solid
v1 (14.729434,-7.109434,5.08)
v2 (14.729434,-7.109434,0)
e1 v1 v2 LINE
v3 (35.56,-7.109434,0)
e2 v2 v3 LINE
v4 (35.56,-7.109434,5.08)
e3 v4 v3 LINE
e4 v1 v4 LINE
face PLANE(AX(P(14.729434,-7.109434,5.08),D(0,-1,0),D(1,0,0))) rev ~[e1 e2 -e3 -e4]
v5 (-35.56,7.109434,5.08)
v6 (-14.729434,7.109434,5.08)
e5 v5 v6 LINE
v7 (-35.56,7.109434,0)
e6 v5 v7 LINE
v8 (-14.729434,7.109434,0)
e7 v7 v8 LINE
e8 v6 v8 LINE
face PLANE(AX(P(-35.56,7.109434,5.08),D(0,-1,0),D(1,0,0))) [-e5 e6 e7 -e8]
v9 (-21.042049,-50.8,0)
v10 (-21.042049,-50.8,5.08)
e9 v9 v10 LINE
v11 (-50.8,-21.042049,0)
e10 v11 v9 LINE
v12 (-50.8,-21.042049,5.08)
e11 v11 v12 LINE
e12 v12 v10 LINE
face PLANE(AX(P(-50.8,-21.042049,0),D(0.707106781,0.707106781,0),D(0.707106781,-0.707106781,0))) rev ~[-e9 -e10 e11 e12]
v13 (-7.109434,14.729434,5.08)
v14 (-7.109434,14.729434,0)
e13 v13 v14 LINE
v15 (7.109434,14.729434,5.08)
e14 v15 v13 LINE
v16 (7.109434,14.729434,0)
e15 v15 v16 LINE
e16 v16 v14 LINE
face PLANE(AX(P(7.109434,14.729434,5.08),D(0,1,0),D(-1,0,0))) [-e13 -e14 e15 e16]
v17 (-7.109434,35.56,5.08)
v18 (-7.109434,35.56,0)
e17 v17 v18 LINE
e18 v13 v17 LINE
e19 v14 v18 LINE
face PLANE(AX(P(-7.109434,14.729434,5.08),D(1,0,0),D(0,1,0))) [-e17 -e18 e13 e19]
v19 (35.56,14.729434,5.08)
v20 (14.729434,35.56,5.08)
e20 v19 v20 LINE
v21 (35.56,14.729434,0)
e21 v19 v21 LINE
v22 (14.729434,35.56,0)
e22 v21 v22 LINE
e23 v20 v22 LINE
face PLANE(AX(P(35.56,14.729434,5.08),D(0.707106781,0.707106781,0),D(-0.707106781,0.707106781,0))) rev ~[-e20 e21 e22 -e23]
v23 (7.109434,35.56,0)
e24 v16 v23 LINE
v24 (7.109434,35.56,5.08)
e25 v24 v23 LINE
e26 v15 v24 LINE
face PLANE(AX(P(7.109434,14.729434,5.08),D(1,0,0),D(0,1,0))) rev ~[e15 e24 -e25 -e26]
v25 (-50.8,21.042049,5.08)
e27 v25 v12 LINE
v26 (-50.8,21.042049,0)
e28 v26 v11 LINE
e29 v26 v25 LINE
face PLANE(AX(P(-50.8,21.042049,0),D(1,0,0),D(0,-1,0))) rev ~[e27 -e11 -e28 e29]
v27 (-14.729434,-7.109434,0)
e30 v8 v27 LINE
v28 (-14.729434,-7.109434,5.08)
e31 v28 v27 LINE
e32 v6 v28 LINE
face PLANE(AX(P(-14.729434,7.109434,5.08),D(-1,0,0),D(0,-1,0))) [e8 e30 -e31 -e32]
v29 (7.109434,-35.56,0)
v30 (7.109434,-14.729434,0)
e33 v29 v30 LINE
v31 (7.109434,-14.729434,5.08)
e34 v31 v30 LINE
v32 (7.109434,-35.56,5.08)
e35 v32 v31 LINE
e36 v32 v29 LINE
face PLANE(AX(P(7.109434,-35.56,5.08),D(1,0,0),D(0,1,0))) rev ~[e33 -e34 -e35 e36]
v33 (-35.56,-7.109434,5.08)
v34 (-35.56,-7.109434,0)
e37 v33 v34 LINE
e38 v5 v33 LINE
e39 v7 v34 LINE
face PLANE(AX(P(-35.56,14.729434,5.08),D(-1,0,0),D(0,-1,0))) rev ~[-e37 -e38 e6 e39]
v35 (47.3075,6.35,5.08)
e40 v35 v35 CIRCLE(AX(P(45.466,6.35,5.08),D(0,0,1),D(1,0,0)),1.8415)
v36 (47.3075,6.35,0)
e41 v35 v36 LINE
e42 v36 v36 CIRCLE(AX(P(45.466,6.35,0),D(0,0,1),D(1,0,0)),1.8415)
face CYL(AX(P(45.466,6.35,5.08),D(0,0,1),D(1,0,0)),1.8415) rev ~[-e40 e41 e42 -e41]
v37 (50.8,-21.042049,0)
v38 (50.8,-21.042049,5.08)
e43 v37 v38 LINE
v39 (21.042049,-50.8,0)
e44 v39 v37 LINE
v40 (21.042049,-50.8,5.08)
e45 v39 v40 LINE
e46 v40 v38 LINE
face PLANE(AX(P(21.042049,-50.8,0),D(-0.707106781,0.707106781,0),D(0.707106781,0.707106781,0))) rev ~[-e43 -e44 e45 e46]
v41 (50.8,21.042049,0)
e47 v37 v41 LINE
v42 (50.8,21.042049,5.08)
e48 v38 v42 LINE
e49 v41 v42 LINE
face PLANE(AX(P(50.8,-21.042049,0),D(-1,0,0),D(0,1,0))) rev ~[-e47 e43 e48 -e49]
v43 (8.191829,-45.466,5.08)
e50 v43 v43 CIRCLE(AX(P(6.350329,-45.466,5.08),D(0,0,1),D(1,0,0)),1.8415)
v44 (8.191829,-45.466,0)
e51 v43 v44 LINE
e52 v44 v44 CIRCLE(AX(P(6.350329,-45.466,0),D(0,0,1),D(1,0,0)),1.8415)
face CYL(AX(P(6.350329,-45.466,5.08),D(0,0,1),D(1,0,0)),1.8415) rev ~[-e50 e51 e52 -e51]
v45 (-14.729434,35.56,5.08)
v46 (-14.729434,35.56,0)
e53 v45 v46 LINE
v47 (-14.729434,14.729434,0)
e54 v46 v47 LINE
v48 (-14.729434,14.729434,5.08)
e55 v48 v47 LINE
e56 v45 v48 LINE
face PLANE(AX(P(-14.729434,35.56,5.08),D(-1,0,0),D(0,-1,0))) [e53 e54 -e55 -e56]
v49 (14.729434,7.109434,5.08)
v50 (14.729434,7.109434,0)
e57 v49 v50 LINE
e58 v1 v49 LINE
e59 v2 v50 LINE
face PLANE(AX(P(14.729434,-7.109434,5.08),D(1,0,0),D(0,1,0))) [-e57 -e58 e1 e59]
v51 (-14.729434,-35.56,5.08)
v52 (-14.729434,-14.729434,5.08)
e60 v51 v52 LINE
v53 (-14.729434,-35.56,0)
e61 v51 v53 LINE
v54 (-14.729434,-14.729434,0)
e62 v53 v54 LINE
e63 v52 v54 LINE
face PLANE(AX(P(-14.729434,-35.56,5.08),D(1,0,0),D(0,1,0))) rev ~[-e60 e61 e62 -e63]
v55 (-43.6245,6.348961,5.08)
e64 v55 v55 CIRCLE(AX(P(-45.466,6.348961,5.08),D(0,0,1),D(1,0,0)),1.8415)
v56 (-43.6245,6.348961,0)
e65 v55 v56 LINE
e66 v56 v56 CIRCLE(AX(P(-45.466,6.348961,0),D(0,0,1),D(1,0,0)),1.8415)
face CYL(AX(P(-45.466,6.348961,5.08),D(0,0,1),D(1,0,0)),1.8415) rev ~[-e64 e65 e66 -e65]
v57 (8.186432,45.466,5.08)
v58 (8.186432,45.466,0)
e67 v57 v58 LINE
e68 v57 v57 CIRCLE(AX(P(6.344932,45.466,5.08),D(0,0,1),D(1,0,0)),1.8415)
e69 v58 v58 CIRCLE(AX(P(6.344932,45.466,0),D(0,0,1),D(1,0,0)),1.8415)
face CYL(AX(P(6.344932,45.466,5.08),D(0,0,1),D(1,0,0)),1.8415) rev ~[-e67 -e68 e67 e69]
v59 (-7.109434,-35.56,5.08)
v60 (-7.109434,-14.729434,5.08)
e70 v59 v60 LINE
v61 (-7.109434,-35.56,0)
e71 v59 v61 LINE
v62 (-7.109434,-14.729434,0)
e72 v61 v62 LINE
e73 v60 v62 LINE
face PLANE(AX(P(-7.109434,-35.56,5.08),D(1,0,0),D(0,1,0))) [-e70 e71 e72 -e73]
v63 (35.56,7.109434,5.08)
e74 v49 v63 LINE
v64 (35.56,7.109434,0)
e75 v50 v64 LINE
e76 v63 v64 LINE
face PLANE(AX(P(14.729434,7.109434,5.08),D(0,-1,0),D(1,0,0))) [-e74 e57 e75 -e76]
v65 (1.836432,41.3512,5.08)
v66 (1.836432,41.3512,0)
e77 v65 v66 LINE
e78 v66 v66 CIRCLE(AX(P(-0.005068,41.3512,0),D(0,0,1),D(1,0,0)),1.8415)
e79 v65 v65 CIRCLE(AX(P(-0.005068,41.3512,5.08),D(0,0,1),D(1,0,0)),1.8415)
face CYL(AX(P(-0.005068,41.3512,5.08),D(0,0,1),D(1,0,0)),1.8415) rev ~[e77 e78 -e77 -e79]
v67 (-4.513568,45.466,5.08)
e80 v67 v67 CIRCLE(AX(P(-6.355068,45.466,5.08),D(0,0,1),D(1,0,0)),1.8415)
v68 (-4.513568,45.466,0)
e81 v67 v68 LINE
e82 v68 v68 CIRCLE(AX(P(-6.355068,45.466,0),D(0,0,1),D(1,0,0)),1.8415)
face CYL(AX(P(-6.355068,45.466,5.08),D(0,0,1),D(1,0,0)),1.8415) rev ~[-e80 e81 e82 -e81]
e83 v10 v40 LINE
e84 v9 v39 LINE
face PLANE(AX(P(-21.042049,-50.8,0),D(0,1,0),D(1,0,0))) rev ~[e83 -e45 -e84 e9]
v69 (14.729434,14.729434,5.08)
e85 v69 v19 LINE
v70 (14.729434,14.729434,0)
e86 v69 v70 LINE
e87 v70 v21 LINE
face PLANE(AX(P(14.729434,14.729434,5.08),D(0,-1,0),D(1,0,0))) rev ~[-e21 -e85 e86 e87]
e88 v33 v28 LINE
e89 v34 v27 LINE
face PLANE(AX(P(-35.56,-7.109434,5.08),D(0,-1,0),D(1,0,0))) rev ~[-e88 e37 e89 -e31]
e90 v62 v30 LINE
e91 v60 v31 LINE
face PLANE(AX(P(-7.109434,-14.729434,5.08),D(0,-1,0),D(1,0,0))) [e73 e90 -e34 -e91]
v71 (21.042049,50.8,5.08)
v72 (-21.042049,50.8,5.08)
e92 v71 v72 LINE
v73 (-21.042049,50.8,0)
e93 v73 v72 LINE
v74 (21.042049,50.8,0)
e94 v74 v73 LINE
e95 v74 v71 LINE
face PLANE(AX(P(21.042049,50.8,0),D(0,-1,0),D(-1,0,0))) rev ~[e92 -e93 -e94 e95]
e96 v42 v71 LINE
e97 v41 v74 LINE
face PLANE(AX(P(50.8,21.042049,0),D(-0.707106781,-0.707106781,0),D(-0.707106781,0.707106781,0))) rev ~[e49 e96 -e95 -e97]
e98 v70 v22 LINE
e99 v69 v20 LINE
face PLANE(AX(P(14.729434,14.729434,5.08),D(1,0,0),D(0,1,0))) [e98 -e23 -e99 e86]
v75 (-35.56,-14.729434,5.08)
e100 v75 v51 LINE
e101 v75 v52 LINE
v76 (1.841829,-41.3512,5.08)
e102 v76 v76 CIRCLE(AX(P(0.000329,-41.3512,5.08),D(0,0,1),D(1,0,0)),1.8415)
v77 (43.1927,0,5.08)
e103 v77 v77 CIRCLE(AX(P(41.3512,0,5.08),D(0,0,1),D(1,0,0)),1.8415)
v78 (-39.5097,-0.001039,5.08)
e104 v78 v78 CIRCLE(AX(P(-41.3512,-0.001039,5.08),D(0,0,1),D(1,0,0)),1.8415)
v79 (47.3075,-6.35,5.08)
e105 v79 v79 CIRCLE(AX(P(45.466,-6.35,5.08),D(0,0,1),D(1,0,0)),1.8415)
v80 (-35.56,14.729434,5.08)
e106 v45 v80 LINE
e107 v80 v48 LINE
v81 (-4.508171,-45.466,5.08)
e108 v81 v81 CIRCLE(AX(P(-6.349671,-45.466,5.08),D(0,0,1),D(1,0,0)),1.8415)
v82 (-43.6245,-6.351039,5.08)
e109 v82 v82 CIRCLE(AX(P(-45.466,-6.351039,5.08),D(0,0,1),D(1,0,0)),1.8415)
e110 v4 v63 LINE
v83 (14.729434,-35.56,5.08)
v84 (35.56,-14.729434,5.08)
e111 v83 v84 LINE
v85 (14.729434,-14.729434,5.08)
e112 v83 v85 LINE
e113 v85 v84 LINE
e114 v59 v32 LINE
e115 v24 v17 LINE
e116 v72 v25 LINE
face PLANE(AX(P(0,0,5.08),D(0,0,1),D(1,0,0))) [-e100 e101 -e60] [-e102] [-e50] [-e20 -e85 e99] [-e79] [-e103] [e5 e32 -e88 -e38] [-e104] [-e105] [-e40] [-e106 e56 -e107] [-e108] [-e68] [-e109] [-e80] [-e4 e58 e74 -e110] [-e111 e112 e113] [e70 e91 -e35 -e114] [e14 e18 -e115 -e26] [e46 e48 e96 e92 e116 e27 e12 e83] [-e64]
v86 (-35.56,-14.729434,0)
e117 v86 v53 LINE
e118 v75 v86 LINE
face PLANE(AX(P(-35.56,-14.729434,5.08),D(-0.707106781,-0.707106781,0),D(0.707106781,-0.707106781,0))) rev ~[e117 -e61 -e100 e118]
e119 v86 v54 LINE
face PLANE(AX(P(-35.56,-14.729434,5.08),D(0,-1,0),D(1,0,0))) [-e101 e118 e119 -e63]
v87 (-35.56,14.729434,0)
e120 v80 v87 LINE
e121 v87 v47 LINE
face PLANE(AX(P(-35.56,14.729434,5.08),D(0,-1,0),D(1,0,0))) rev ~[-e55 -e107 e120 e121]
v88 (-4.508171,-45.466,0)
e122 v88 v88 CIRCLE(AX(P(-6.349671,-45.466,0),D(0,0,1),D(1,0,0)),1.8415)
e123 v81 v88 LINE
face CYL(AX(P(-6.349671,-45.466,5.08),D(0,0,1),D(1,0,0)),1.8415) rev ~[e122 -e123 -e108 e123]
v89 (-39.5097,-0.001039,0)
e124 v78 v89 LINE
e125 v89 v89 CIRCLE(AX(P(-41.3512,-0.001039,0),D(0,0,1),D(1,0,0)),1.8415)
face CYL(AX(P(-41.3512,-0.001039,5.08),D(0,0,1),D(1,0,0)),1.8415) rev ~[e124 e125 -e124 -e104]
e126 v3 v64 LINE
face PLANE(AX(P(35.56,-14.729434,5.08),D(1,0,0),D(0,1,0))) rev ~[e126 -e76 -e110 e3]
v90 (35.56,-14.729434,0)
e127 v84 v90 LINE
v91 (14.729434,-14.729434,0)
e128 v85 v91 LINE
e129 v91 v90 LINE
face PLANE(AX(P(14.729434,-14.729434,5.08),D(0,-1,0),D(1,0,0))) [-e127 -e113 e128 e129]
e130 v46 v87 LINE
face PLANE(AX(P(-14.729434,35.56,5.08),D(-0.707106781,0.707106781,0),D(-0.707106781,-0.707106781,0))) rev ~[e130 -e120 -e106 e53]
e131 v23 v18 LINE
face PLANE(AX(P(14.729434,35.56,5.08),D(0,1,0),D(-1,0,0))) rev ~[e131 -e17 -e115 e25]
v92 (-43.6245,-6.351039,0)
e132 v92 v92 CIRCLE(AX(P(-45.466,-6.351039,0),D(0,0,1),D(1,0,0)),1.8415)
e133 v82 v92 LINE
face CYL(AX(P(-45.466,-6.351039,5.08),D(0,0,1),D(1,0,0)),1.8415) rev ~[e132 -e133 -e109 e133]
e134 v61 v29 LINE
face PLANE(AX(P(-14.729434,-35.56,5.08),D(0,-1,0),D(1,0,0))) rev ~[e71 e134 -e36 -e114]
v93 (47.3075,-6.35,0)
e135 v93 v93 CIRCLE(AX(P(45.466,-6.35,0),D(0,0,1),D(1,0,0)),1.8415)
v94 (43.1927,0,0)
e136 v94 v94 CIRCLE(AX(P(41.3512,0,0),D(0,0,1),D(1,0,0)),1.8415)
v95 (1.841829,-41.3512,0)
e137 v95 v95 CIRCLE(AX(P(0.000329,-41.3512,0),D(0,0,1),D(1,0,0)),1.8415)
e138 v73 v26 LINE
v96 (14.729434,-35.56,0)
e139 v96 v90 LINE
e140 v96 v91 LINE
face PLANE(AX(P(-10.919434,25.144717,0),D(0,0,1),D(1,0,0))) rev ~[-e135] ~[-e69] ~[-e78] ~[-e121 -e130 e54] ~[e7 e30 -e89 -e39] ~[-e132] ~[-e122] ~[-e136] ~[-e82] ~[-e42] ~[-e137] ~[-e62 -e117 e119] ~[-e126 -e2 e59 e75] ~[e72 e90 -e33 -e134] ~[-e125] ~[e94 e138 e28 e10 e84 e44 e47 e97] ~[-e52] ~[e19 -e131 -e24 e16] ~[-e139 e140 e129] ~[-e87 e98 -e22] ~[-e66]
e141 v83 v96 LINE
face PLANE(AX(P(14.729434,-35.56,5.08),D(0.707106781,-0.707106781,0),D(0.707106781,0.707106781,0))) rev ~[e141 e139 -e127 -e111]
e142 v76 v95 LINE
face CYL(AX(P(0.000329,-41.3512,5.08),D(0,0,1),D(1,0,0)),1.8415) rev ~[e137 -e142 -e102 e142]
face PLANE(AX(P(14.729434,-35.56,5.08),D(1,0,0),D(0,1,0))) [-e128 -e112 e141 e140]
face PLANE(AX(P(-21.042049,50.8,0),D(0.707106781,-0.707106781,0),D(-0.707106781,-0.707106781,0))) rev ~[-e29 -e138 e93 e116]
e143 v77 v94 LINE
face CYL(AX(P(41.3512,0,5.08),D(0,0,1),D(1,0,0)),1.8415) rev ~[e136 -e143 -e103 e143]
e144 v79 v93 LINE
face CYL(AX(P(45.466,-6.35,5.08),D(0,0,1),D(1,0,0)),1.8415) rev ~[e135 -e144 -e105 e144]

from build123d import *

# Parameters (mm, degrees)
F1_DEPTH  = 5.08
F3_DEPTH  = 5.081
F4_W      = 7.62
F4_H      = 20.830565722
F4_H_2    = 7.62
F4_W_2    = 20.830565722
F4_W_3    = 14.218868556
F4_H_3    = 14.218868556
F5_DEPTH  = 5.08
F6_R      = 1.8415
F10_DEPTH = 5.081
F7_R      = 1.8415
F11_DEPTH = 5.081
F8_R      = 1.8415
F12_DEPTH = 5.081
F9_R      = 1.8415
F13_DEPTH = 5.081
F14_W     = 14.218868556
F14_H     = 14.218868556
F15_DEPTH = 5.08


with BuildPart() as f1:
    # F0 (on Top) → F1 (new body)
    with BuildSketch(Plane.XY):
        Polygon((21.0420489686, 50.8), (-21.0420489686, 50.8), (-50.8, 21.0420489686), (-50.8, -21.0420489686), (-21.0420489686, -50.8), (21.0420489686, -50.8), (50.8, -21.0420489686), (50.8, 21.0420489686), align=None)
    extrude(amount=F1_DEPTH)

    # F2 (on face) → F3 (cut, through all)
    with BuildSketch(Plane.XY.offset(5.08)):
        Polygon((14.729434278, 35.56), (-14.729434278, 35.56), (-35.56, 14.729434278), (-35.56, -14.729434278), (-14.729434278, -35.56), (14.729434278, -35.56), (35.56, -14.729434278), (35.56, 14.729434278), align=None)
    extrude(amount=-F3_DEPTH, mode=Mode.SUBTRACT)

    # F4 (on face) → F5 (join)
    with BuildSketch(Plane.XY.offset(5.08)):
        with Locations((-10.919434278, 25.144717139)):
            Rectangle(F4_W, F4_H)
        with Locations((-10.919434278, 10.919434278)):
            Rectangle(F4_W, F4_H_2)
        with Locations((-25.144717139, 10.919434278)):
            Rectangle(F4_W_2, F4_H_2)
        with Locations((0, 10.919434278)):
            Rectangle(F4_W_3, F4_H_2)
        with Locations((-10.919434278, 0)):
            Rectangle(F4_W, F4_H_3)
        with Locations((10.919434278, 10.919434278)):
            Rectangle(F4_W, F4_H_2)
        with Locations((10.919434278, 25.144717139)):
            Rectangle(F4_W, F4_H)
        with Locations((-10.919434278, -10.919434278)):
            Rectangle(F4_W, F4_H_2)
        with Locations((-25.144717139, -10.919434278)):
            Rectangle(F4_W_2, F4_H_2)
        with Locations((0, -10.919434278)):
            Rectangle(F4_W_3, F4_H_2)
        with Locations((10.919434278, 0)):
            Rectangle(F4_W, F4_H_3)
        with Locations((25.144717139, 10.919434278)):
            Rectangle(F4_W_2, F4_H_2)
        with Locations((-10.919434278, -25.144717139)):
            Rectangle(F4_W, F4_H)
        with Locations((10.919434278, -10.919434278)):
            Rectangle(F4_W, F4_H_2)
        with Locations((10.919434278, -25.144717139)):
            Rectangle(F4_W, F4_H)
        with Locations((25.144717139, -10.919434278)):
            Rectangle(F4_W_2, F4_H_2)
    extrude(amount=-F5_DEPTH)

    # F6 (on face) → F10 (cut, through all)
    with BuildSketch(Plane.XY.offset(5.08)):
        with Locations((45.466, 6.35)):
            Circle(F6_R)
        with Locations((45.466, -6.35)):
            Circle(F6_R)
        with Locations((41.3512, 0)):
            Circle(F6_R)
    extrude(amount=-F10_DEPTH, mode=Mode.SUBTRACT)

    # F7 (on face) → F11 (cut, through all)
    with BuildSketch(Plane.XY.offset(5.08)):
        with Locations((-6.3550683909, 45.466)):
            Circle(F7_R)
        with Locations((6.3449316091, 45.466)):
            Circle(F7_R)
        with Locations((-0.0050683909, 41.3512)):
            Circle(F7_R)
    extrude(amount=-F11_DEPTH, mode=Mode.SUBTRACT)

    # F8 (on face) → F12 (cut, through all)
    with BuildSketch(Plane.XY.offset(5.08)):
        with Locations((-45.466, -6.3510387499)):
            Circle(F8_R)
        with Locations((-45.466, 6.3489612501)):
            Circle(F8_R)
        with Locations((-41.3512, -0.0010387499)):
            Circle(F8_R)
    extrude(amount=-F12_DEPTH, mode=Mode.SUBTRACT)

    # F9 (on face) → F13 (cut, through all)
    with BuildSketch(Plane.XY.offset(5.08)):
        with Locations((6.3503286729, -45.466)):
            Circle(F9_R)
        with Locations((-6.3496713271, -45.466)):
            Circle(F9_R)
        with Locations((0.0003286729, -41.3512)):
            Circle(F9_R)
    extrude(amount=-F13_DEPTH, mode=Mode.SUBTRACT)

    # F14 (on face) → F15 (join)
    with BuildSketch(Plane.XY.offset(5.08)):
        Rectangle(F14_W, F14_H)
    extrude(amount=-F15_DEPTH)


solid = f1.part
